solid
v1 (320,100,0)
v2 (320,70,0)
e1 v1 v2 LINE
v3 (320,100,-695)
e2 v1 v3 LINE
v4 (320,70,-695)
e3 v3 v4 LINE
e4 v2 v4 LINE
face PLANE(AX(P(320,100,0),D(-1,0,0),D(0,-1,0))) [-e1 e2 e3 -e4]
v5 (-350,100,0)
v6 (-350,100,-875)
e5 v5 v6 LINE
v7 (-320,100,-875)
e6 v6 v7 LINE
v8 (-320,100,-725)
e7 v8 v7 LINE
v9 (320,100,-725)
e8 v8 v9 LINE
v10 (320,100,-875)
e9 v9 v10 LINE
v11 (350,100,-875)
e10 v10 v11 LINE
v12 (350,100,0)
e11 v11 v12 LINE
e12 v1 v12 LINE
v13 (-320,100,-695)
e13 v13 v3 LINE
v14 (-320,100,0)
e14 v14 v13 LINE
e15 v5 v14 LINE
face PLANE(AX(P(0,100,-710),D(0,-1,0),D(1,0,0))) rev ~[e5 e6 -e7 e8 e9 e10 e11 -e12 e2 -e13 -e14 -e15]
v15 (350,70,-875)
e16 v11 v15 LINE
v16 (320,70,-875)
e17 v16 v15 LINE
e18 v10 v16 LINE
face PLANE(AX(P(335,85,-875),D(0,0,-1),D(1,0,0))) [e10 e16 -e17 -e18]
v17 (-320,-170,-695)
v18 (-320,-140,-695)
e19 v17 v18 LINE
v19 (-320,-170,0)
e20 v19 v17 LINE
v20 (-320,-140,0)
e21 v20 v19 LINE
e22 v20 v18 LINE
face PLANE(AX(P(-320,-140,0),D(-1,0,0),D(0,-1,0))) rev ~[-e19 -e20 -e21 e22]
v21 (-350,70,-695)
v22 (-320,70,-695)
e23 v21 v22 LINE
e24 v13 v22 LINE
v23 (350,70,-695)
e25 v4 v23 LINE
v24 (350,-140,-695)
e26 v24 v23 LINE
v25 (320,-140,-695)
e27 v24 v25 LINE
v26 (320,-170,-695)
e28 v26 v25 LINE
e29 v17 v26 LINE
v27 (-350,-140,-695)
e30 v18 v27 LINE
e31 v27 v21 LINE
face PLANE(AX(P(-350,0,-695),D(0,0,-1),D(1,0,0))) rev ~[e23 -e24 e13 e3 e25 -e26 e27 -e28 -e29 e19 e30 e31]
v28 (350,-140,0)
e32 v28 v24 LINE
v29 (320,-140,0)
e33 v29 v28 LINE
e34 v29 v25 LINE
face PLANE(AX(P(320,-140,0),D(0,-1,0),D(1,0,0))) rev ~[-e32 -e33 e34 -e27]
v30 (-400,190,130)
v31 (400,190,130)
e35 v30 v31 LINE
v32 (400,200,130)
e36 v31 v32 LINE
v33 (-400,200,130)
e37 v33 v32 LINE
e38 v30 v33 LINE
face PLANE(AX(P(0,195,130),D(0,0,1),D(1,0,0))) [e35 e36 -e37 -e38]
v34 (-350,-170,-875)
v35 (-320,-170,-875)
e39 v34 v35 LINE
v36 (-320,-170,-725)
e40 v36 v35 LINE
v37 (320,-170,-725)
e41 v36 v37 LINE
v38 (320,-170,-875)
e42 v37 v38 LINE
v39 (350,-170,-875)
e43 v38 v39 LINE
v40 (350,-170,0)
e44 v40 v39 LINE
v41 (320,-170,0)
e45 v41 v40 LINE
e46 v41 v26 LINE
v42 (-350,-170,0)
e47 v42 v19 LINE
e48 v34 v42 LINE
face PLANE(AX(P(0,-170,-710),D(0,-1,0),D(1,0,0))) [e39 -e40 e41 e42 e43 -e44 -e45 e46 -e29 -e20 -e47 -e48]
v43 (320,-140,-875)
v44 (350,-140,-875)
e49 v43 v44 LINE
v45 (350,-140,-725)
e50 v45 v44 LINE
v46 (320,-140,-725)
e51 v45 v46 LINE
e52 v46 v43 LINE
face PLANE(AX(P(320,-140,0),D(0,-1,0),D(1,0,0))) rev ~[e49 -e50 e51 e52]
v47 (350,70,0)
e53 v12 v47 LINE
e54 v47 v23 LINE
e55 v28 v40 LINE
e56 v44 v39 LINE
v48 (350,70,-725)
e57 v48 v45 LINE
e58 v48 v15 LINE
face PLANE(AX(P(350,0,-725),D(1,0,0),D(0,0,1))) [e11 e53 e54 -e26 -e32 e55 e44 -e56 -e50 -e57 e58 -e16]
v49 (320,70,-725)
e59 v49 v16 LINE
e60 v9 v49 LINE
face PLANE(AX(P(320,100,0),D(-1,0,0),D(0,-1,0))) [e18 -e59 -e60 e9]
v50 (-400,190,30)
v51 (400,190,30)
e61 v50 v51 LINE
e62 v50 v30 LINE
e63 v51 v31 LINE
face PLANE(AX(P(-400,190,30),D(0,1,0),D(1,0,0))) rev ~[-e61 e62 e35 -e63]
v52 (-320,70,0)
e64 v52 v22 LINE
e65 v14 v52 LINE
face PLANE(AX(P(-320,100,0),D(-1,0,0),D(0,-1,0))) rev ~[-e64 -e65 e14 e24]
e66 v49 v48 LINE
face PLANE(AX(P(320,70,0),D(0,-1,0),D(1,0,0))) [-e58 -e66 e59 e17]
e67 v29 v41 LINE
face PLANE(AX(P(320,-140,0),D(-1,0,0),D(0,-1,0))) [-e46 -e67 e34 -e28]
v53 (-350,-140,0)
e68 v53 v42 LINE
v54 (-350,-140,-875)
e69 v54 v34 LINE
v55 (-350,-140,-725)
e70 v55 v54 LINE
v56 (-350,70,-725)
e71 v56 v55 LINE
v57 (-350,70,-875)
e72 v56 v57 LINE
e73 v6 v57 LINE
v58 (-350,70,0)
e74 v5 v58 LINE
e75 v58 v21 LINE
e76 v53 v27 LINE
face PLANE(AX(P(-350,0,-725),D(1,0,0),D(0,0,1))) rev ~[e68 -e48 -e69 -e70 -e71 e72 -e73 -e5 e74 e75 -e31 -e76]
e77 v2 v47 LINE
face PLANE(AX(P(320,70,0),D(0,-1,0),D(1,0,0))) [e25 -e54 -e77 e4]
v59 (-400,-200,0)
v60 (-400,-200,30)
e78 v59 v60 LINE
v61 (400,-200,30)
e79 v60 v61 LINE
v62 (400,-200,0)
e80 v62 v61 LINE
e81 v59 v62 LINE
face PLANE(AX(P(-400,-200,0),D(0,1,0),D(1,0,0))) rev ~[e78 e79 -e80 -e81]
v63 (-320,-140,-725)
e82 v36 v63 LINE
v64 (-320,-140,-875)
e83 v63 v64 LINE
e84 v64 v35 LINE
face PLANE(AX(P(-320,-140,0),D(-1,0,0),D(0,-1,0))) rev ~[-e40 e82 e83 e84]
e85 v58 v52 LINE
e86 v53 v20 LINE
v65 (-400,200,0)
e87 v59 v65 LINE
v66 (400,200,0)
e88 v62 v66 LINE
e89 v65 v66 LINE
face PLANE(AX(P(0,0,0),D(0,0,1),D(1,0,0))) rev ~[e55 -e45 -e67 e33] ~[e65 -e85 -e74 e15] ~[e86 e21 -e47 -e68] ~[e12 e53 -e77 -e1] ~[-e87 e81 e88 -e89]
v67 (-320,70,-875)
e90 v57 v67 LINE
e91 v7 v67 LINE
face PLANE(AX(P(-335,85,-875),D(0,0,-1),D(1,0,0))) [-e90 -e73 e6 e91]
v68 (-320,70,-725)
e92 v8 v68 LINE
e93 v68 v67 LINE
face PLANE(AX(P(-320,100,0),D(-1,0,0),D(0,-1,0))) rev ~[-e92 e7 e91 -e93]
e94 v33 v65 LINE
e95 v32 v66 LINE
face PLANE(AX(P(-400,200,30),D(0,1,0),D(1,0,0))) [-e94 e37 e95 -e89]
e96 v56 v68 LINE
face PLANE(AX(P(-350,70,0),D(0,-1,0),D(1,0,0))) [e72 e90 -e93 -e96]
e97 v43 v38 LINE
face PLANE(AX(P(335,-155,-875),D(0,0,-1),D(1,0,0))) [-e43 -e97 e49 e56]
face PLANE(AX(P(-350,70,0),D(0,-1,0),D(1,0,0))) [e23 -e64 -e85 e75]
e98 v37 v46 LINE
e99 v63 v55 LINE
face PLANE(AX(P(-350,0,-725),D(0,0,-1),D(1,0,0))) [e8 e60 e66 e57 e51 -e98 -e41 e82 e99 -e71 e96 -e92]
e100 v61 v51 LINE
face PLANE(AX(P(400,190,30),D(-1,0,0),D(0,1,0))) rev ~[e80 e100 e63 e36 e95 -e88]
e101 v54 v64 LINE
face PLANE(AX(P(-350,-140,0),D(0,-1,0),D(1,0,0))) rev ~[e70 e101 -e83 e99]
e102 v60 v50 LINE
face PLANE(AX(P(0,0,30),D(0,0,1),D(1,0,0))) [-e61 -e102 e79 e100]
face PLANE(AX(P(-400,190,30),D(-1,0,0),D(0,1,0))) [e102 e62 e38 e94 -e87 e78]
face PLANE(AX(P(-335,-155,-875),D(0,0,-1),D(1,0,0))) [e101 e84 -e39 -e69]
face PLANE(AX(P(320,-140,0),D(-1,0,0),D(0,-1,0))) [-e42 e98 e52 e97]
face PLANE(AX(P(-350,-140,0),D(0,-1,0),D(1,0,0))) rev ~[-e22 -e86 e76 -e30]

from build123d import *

# Parameters (mm, degrees)
F0_W          = 800
F0_H          = 400
F1_DEPTH      = 30
F2_W          = 800
F2_H          = 10
F3_DEPTH      = 100
F4_W          = 30
F4_H          = 30
F5_DEPTH      = 875
F6_W          = 700
F6_H          = 30
F7_DEPTH      = 170
F7_DEPTH_BACK = 100


with BuildPart() as f1:
    # F0 (on Top) → F1 (new body)
    with BuildSketch(Plane.XY):
        Rectangle(F0_W, F0_H)
    extrude(amount=F1_DEPTH)

    # F2 (on face) → F3 (join)
    with BuildSketch(Plane.XY.offset(30)):
        with Locations((0, 195)):
            Rectangle(F2_W, F2_H)
    extrude(amount=F3_DEPTH)

    # F4 (on face) → F5 (join)
    with BuildSketch(Plane(origin=(0, 0, 0), x_dir=(1, 0, 0), z_dir=(0, 0, -1))):
        with Locations((335, 155)):
            Rectangle(F4_W, F4_H)
        with Locations((335, -85)):
            Rectangle(F4_W, F4_H)
        with Locations((-335, 155)):
            Rectangle(F4_W, F4_H)
        with Locations((-335, -85)):
            Rectangle(F4_W, F4_H)
    extrude(amount=F5_DEPTH)

    # F6 (on Front) → F7 (join, two sides)
    with BuildSketch(Plane.XZ) as f7_sk:
        with Locations((0, -710)):
            Rectangle(F6_W, F6_H)
    extrude(amount=F7_DEPTH)
    extrude(f7_sk.sketch, amount=-F7_DEPTH_BACK)


solid = f1.part
